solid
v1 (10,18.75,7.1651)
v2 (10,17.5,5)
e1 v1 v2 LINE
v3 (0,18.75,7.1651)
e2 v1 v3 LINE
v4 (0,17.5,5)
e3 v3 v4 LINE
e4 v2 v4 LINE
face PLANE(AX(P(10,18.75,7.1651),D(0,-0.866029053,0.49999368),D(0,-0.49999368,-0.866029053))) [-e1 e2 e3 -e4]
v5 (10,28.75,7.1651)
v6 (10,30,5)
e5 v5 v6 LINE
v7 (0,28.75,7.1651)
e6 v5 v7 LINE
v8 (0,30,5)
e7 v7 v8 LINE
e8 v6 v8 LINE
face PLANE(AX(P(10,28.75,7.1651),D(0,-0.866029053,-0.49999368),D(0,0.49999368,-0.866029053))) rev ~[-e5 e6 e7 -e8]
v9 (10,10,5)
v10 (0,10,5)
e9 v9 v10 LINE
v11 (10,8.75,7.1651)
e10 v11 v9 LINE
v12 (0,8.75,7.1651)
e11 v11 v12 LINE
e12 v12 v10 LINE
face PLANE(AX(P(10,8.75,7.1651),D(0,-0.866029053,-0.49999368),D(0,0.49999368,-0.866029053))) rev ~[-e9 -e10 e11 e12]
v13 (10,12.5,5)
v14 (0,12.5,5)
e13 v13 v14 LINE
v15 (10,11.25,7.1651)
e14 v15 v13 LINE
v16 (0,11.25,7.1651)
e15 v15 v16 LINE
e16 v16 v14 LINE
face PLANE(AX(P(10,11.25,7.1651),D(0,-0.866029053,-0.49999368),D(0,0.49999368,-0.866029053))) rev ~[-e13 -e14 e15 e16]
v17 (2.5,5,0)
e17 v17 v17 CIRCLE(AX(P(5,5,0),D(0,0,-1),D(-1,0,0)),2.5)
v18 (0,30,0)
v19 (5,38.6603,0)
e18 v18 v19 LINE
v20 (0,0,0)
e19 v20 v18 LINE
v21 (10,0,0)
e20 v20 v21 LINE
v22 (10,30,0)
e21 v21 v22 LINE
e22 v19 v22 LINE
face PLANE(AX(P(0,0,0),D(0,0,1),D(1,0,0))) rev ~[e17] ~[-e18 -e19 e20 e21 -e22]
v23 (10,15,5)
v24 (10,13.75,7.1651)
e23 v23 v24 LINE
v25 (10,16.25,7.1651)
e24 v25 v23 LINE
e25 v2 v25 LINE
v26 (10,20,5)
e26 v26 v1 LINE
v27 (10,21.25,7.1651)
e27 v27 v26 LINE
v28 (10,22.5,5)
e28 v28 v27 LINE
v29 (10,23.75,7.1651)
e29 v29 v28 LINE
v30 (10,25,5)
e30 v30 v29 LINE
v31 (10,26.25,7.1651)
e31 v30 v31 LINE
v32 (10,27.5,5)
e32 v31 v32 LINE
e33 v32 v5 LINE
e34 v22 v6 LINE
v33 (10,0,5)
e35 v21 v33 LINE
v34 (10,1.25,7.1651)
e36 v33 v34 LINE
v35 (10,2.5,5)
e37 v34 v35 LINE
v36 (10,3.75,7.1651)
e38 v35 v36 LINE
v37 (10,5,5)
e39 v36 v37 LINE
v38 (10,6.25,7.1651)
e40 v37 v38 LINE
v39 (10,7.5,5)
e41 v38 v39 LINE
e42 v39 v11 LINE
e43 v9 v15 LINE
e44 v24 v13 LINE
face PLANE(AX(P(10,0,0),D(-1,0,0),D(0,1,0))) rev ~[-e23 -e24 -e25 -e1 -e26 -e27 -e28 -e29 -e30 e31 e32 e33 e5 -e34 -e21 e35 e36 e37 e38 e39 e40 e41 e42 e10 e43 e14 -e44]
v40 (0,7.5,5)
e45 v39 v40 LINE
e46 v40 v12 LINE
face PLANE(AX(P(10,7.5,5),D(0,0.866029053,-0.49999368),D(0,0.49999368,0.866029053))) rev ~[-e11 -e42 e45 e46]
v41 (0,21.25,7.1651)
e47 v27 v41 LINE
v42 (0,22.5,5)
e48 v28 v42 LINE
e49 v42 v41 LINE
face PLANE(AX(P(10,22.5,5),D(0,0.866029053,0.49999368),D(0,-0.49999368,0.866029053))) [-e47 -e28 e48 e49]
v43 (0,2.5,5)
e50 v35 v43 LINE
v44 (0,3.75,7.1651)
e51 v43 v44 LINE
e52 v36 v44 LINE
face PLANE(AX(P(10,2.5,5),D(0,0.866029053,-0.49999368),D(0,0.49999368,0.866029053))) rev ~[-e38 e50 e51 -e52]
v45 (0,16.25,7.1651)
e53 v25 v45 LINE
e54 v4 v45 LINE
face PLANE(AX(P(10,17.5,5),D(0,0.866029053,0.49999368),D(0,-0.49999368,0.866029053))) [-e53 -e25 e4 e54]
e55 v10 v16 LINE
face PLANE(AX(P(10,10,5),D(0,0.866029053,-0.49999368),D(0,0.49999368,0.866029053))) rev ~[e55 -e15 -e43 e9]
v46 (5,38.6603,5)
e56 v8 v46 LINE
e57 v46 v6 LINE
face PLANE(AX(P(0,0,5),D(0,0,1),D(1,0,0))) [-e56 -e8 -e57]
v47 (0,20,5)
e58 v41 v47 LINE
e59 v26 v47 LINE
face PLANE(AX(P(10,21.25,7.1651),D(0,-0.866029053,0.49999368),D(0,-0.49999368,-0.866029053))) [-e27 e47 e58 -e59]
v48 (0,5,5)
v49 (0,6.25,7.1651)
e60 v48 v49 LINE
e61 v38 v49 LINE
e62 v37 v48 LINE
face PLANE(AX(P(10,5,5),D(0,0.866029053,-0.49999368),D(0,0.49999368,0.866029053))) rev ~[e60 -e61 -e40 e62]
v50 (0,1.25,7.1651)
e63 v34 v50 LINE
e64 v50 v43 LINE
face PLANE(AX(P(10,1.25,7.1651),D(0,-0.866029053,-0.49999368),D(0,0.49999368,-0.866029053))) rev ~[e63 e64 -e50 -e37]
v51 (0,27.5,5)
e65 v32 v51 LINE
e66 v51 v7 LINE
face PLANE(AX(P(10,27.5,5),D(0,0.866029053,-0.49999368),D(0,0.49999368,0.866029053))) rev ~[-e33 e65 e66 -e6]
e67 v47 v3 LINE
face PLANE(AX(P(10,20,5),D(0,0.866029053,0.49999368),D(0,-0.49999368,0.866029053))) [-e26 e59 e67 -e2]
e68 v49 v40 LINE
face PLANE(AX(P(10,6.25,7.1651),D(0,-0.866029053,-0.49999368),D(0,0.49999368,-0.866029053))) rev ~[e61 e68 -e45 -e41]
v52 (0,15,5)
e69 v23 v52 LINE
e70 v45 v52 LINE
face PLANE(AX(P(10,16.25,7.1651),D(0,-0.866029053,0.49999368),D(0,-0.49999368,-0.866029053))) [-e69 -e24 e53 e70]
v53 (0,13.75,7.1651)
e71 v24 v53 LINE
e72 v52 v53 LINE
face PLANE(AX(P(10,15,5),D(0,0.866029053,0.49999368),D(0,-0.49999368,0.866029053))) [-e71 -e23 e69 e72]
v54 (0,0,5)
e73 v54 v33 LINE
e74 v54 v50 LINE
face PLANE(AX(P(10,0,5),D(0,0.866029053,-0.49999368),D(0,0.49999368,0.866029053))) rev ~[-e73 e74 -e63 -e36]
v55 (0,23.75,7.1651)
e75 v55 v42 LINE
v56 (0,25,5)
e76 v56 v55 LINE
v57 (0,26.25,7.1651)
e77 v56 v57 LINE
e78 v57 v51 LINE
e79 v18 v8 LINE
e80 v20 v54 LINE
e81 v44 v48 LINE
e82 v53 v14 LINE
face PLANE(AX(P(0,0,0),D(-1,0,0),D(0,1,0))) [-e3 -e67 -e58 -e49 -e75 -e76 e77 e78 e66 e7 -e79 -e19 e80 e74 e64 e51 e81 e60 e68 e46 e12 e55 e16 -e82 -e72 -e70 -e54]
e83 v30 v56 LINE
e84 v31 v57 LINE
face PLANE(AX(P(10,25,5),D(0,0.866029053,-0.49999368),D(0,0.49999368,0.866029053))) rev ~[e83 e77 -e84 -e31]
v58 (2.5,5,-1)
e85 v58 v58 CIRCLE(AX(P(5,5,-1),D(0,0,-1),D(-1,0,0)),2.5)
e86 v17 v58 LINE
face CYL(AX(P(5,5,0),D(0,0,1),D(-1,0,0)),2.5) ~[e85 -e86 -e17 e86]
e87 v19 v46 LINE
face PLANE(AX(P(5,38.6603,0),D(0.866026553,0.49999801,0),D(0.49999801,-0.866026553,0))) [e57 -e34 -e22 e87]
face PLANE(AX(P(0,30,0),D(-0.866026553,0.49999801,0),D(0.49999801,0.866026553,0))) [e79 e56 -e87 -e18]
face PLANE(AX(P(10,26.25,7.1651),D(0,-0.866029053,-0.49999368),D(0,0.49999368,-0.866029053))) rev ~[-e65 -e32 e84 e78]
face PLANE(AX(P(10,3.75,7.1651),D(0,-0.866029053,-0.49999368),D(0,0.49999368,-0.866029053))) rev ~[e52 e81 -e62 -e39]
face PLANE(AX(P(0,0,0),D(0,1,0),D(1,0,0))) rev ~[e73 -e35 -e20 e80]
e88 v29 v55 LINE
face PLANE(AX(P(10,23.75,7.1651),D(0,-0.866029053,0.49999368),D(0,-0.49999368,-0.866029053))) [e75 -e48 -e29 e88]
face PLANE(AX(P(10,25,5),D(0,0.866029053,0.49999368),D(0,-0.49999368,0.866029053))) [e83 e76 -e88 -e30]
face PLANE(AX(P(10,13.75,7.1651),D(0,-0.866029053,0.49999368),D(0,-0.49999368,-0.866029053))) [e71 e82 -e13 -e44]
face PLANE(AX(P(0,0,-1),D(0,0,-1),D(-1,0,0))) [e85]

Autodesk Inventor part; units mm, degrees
ref_plane "YZ Plane" through (0, 0, 0) normal (1, 0, 0) x (0, 1, 0)
ref_plane "XZ Plane" through (0, 0, 0) normal (0, 1, 0) x (-1, 0, 0)
ref_plane "XY Plane" through (0, 0, 0) normal (0, 0, 1) x (1, 0, 0)
sketch "Esboço1" plane through (0, 0, 0) normal (0, 0, 1) x (1, 0, 0)
  line L0 (0, 0) -> (0, 30)
  line L1 (10, 0) -> (10, 30)
  line L2 (0, 0) -> (10, 0)
  line L3 (0, 30) -> (5, 38.6603)
  line L4 (5, 38.6603) -> (10, 30)
  dimension "d0" = 30
  dimension "d3" = 30
  dimension "d4" = 10
extrude "Extrusão1" add sketch "Esboço1" along normal blind 5
sketch "Esboço3" plane through (10, 0, 0) normal (1, 0, 0) x (0, 0, -1)
  line L0 (-5, 30) -> (-5, 0) projected
  line L1 (-5, 0) -> (-2.5, 0) construction
  line L2 (-5, 0) -> (-7.1651, 1.25)
  line L3 (-5, 0) -> (-2.5, 0) construction
  line L4 (-7.1651, 1.25) -> (-5, 2.5)
  line L5 (-5, 2.5) -> (-7.1651, 3.75)
  line L6 (-7.1651, 3.75) -> (-5, 5)
  line L7 (-5, 5) -> (-7.1651, 6.25)
  line L8 (-7.1651, 6.25) -> (-5, 7.5)
  line L9 (-5, 7.5) -> (-7.1651, 8.75)
  line L10 (-7.1651, 8.75) -> (-5, 10)
  line L11 (-5, 10) -> (-7.1651, 11.25)
  line L12 (-5, 10) -> (-2.5, 10) construction
  line L13 (-7.1651, 11.25) -> (-5, 12.5)
  line L14 (-5, 12.5) -> (-12.5939, 12.5) construction
  line L15 (-5, 25) -> (-7.1651, 23.75)
  line L16 (-7.1651, 23.75) -> (-5, 22.5)
  line L17 (-5, 22.5) -> (-7.1651, 21.25)
  line L18 (-7.1651, 21.25) -> (-5, 20)
  line L19 (-5, 20) -> (-7.1651, 18.75)
  line L20 (-7.1651, 18.75) -> (-5, 17.5)
  line L21 (-5, 17.5) -> (-7.1651, 16.25)
  line L22 (-7.1651, 16.25) -> (-5, 15)
  line L23 (-5, 15) -> (-7.1651, 13.75)
  line L24 (-7.1651, 13.75) -> (-5, 12.5)
  line L25 (-5, 25) -> (-7.1651, 26.25)
  line L26 (-7.1651, 26.25) -> (-5, 27.5)
  line L27 (-5, 27.5) -> (-7.1651, 28.75)
  line L28 (-7.1651, 28.75) -> (-5, 30)
  line L29 (-5, 30) -> (-5, 38.6603) projected
  line L30 (-5, 30) -> (-5, 0)
  point P0 (0, 0)
  dimension "d10" = 2.5
  dimension "d11" = 150
  dimension "d12" = 2.5
  dimension "d13" = 2.5
  dimension "d14" = 2.5
  dimension "d15" = 2.5
  dimension "d16" = 150
extrude "Extrusão2" add sketch "Esboço3" against normal blind 10
sketch "Esboço4" plane through (0, 0, 0) normal (0, 0, -1) x (-1, 0, 0)
  circle A0 centre (-5, 5) radius 2.5
  point P0 (0, 0)
  dimension "d19" = 5
extrude "Extrusão3" add sketch "Esboço4" along normal blind 1
properties part number "Prensas coletor"
